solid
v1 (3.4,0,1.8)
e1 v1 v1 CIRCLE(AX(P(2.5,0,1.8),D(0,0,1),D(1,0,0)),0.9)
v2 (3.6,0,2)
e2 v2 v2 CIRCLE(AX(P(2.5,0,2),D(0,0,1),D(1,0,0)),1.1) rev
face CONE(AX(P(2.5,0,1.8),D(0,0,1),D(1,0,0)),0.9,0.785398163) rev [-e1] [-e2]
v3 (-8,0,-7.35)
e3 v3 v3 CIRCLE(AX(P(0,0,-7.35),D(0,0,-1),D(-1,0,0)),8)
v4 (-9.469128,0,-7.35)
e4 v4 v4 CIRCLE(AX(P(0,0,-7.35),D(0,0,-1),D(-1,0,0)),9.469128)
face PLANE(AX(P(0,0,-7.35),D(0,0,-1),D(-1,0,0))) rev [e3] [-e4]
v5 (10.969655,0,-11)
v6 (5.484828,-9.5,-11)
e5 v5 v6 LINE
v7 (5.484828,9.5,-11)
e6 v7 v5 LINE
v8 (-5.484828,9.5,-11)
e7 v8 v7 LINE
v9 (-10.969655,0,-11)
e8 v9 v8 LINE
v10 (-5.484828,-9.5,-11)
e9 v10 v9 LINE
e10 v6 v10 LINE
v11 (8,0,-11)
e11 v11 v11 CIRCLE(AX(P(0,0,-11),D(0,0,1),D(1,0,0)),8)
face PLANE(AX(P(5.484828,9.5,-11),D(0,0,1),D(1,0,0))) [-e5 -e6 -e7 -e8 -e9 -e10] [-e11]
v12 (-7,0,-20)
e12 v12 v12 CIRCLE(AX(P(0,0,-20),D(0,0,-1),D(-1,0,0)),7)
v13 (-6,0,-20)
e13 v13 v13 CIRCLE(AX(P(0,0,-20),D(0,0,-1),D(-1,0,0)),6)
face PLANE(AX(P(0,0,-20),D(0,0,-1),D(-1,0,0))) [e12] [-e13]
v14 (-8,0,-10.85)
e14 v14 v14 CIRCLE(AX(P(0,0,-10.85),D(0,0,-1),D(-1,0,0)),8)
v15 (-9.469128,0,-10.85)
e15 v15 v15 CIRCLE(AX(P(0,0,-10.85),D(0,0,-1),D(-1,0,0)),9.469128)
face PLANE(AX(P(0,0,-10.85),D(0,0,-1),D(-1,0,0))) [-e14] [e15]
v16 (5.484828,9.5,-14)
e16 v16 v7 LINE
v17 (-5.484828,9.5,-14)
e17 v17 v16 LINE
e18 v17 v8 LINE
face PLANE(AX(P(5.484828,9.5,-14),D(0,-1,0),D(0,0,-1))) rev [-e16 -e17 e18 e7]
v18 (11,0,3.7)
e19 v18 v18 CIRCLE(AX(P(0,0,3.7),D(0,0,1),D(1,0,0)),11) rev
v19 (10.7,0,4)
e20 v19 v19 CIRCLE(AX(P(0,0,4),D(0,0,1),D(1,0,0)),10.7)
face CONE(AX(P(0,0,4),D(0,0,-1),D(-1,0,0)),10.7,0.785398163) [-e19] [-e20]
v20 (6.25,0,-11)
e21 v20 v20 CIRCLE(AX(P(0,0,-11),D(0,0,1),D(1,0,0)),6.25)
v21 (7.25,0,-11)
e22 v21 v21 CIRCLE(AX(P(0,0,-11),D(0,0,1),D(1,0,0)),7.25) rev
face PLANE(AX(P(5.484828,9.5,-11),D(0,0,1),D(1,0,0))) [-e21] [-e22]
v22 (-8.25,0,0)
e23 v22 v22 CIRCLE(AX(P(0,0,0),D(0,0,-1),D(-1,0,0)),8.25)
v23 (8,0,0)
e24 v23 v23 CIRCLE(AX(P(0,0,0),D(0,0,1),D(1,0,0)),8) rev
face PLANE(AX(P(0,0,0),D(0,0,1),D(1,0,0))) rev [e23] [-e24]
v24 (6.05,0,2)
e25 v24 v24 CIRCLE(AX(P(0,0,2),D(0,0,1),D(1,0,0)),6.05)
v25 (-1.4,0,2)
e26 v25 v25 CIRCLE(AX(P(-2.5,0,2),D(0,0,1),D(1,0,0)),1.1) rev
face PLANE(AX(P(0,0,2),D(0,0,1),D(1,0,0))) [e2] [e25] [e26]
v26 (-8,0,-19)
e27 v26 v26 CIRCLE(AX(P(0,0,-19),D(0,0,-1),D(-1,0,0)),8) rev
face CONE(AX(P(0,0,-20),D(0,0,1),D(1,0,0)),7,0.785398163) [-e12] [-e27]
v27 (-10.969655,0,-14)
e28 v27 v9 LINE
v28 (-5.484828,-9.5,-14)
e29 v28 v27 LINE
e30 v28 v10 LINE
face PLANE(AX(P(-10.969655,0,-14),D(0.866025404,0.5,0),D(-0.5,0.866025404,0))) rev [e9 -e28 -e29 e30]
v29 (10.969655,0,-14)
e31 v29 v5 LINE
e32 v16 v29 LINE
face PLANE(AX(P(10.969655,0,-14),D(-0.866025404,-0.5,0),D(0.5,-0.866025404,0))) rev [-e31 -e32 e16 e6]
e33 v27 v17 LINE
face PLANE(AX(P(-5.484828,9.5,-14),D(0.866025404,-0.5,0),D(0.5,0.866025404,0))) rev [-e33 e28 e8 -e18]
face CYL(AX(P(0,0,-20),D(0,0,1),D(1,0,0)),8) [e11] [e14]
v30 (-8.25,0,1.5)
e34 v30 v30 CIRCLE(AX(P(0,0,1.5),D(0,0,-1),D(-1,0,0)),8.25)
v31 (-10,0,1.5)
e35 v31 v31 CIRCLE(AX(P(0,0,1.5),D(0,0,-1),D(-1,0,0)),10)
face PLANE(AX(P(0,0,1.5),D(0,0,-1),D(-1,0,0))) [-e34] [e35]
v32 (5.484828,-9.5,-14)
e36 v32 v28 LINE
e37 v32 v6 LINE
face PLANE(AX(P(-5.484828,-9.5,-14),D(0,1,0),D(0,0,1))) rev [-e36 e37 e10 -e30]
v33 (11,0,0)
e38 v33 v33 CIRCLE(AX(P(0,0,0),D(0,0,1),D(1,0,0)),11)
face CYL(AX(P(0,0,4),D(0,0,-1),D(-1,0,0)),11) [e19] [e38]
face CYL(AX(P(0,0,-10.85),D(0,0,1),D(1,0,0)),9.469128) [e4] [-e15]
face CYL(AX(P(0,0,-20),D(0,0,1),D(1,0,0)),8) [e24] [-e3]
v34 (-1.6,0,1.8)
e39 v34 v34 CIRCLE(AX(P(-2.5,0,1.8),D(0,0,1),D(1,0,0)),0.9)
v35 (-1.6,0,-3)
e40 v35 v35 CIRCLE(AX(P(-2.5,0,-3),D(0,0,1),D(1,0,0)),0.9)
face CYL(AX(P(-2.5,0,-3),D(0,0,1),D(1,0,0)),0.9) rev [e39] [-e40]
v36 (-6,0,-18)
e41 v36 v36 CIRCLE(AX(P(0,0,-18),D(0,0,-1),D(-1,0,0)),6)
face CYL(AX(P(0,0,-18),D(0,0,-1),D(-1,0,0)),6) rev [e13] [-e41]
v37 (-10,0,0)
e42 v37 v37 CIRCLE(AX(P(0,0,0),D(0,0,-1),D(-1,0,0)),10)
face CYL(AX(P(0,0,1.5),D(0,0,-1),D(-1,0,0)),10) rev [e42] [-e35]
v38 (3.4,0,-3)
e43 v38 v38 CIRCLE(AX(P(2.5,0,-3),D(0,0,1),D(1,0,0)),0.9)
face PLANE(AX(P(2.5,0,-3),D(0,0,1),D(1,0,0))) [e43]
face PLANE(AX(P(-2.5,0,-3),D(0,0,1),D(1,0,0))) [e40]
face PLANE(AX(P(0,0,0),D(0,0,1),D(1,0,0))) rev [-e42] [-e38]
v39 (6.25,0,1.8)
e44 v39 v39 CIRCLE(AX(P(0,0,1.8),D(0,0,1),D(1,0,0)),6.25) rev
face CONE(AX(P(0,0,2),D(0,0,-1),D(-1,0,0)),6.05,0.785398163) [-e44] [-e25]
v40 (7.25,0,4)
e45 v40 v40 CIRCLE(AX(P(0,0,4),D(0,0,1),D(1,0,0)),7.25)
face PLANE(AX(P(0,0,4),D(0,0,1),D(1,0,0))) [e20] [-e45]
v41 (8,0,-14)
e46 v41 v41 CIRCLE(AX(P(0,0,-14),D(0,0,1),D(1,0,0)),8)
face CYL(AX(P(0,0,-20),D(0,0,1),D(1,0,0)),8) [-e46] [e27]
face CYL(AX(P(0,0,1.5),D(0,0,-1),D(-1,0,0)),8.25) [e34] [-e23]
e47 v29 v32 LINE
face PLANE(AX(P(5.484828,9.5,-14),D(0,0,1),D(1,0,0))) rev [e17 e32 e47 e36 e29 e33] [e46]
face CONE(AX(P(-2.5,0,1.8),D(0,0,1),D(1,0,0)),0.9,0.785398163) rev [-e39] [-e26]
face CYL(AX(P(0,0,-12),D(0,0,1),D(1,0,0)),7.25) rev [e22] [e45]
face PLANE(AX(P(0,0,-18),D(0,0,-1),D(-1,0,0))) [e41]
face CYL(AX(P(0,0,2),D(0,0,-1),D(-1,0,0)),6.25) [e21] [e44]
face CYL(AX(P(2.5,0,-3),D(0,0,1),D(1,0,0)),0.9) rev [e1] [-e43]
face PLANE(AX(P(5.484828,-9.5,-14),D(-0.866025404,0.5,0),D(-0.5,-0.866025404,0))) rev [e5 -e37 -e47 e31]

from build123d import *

# Parameters (mm, degrees)
SKETCH1_R          = 11
EXTRUDE1_DEPTH     = 4
SKETCH3_R          = 8
EXTRUDE3_DEPTH     = 20
SKETCH7_R          = 7.25
CUT_EXTRUDE5_DEPTH = 16
SKETCH4_R          = 6.25
EXTRUDE4_DEPTH     = 14
CHAMFER1_SIZE      = 0.2
CHAMFER3_SIZE      = 0.3
SKETCH5_R          = 10
SKETCH5_R_2        = 8.25
CUT_EXTRUDE1_DEPTH = 1.5
SKETCH6_R          = 0.9
CUT_EXTRUDE2_DEPTH = 5
CHAMFER4_SIZE      = 0.2
SKETCH8_R          = 6
CUT_EXTRUDE6_DEPTH = 2
CHAMFER5_SIZE      = 1
EXTRUDE6_START     = 7.35
SKETCH10_R         = 9.469128054
SKETCH10_R_2       = 8
EXTRUDE6_DEPTH     = 3.5
EXTRUDE5_START     = -7
EXTRUDE5_DEPTH     = 3


with BuildPart() as part:
    # Sketch1 → Extrude1 (new body)
    with BuildSketch(Plane.XY):
        Circle(SKETCH1_R)
    extrude(amount=EXTRUDE1_DEPTH)

    # Sketch3 → Extrude3 (add)
    with BuildSketch(Plane(origin=(0, 0, 0), x_dir=(-1, 0, 0), z_dir=(0, 0, -1))):
        Circle(SKETCH3_R)
    extrude(amount=EXTRUDE3_DEPTH)

    # Sketch7 → Cut-Extrude5 (cut)
    with BuildSketch(Plane.XY.offset(4)):
        Circle(SKETCH7_R)
    extrude(amount=-CUT_EXTRUDE5_DEPTH, mode=Mode.SUBTRACT)

    # Sketch4 → Extrude4 (add)
    with BuildSketch(Plane.XY.offset(-12)):
        Circle(SKETCH4_R)
    extrude(amount=EXTRUDE4_DEPTH)

    # Chamfer1
    chamfer1_edges = [part.edges().sort_by_distance(p)[0] for p in [
        (-6.25, 0, 2),
    ]]
    chamfer(chamfer1_edges, length=CHAMFER1_SIZE)

    # Chamfer3
    chamfer3_edges = [part.edges().sort_by_distance(p)[0] for p in [
        (-11, 0, 4),
    ]]
    chamfer(chamfer3_edges, length=CHAMFER3_SIZE)

    # Sketch5 → Cut-Extrude1 (cut)
    with BuildSketch(Plane(origin=(0, 0, 0), x_dir=(-1, 0, 0), z_dir=(0, 0, -1))):
        Circle(SKETCH5_R)
        Circle(SKETCH5_R_2, mode=Mode.SUBTRACT)
    extrude(amount=-CUT_EXTRUDE1_DEPTH, mode=Mode.SUBTRACT)

    # Sketch6 → Cut-Extrude2 (cut)
    with BuildSketch(Plane.XY.offset(2)):
        with Locations((2.5, 0)):
            Circle(SKETCH6_R)
        with Locations((-2.5, 0)):
            Circle(SKETCH6_R)
    extrude(amount=-CUT_EXTRUDE2_DEPTH, mode=Mode.SUBTRACT)

    # Chamfer4
    chamfer4_edges = [part.edges().sort_by_distance(p)[0] for p in [
        (1.6, 0, 2),
        (-3.4, 0, 2),
    ]]
    chamfer(chamfer4_edges, length=CHAMFER4_SIZE)

    # Sketch8 → Cut-Extrude6 (cut)
    with BuildSketch(Plane(origin=(0, 0, -20), x_dir=(-1, 0, 0), z_dir=(0, 0, -1))):
        Circle(SKETCH8_R)
    extrude(amount=-CUT_EXTRUDE6_DEPTH, mode=Mode.SUBTRACT)

    # Chamfer5
    chamfer5_edges = [part.edges().sort_by_distance(p)[0] for p in [
        (8, 0, -20),
    ]]
    chamfer(chamfer5_edges, length=CHAMFER5_SIZE)

    # Sketch10 → Extrude6 (add)
    with BuildSketch(Plane(origin=(0, 0, 0), x_dir=(-1, 0, 0), z_dir=(0, 0, -1)).offset(EXTRUDE6_START)):
        Circle(SKETCH10_R)
        Circle(SKETCH10_R_2, mode=Mode.SUBTRACT)
    extrude(amount=EXTRUDE6_DEPTH)

    # Sketch9 → Extrude5 (add)
    with BuildSketch(Plane(origin=(0, 0, -18), x_dir=(-1, 0, 0), z_dir=(0, 0, -1)).offset(EXTRUDE5_START)):
        Polygon((-5.484827557, 9.5), (5.484827557, 9.5), (10.969655115, 0), (5.484827557, -9.5), (-5.484827557, -9.5), (-10.969655115, 0), align=None)
    extrude(amount=EXTRUDE5_DEPTH)


solid = part.part
